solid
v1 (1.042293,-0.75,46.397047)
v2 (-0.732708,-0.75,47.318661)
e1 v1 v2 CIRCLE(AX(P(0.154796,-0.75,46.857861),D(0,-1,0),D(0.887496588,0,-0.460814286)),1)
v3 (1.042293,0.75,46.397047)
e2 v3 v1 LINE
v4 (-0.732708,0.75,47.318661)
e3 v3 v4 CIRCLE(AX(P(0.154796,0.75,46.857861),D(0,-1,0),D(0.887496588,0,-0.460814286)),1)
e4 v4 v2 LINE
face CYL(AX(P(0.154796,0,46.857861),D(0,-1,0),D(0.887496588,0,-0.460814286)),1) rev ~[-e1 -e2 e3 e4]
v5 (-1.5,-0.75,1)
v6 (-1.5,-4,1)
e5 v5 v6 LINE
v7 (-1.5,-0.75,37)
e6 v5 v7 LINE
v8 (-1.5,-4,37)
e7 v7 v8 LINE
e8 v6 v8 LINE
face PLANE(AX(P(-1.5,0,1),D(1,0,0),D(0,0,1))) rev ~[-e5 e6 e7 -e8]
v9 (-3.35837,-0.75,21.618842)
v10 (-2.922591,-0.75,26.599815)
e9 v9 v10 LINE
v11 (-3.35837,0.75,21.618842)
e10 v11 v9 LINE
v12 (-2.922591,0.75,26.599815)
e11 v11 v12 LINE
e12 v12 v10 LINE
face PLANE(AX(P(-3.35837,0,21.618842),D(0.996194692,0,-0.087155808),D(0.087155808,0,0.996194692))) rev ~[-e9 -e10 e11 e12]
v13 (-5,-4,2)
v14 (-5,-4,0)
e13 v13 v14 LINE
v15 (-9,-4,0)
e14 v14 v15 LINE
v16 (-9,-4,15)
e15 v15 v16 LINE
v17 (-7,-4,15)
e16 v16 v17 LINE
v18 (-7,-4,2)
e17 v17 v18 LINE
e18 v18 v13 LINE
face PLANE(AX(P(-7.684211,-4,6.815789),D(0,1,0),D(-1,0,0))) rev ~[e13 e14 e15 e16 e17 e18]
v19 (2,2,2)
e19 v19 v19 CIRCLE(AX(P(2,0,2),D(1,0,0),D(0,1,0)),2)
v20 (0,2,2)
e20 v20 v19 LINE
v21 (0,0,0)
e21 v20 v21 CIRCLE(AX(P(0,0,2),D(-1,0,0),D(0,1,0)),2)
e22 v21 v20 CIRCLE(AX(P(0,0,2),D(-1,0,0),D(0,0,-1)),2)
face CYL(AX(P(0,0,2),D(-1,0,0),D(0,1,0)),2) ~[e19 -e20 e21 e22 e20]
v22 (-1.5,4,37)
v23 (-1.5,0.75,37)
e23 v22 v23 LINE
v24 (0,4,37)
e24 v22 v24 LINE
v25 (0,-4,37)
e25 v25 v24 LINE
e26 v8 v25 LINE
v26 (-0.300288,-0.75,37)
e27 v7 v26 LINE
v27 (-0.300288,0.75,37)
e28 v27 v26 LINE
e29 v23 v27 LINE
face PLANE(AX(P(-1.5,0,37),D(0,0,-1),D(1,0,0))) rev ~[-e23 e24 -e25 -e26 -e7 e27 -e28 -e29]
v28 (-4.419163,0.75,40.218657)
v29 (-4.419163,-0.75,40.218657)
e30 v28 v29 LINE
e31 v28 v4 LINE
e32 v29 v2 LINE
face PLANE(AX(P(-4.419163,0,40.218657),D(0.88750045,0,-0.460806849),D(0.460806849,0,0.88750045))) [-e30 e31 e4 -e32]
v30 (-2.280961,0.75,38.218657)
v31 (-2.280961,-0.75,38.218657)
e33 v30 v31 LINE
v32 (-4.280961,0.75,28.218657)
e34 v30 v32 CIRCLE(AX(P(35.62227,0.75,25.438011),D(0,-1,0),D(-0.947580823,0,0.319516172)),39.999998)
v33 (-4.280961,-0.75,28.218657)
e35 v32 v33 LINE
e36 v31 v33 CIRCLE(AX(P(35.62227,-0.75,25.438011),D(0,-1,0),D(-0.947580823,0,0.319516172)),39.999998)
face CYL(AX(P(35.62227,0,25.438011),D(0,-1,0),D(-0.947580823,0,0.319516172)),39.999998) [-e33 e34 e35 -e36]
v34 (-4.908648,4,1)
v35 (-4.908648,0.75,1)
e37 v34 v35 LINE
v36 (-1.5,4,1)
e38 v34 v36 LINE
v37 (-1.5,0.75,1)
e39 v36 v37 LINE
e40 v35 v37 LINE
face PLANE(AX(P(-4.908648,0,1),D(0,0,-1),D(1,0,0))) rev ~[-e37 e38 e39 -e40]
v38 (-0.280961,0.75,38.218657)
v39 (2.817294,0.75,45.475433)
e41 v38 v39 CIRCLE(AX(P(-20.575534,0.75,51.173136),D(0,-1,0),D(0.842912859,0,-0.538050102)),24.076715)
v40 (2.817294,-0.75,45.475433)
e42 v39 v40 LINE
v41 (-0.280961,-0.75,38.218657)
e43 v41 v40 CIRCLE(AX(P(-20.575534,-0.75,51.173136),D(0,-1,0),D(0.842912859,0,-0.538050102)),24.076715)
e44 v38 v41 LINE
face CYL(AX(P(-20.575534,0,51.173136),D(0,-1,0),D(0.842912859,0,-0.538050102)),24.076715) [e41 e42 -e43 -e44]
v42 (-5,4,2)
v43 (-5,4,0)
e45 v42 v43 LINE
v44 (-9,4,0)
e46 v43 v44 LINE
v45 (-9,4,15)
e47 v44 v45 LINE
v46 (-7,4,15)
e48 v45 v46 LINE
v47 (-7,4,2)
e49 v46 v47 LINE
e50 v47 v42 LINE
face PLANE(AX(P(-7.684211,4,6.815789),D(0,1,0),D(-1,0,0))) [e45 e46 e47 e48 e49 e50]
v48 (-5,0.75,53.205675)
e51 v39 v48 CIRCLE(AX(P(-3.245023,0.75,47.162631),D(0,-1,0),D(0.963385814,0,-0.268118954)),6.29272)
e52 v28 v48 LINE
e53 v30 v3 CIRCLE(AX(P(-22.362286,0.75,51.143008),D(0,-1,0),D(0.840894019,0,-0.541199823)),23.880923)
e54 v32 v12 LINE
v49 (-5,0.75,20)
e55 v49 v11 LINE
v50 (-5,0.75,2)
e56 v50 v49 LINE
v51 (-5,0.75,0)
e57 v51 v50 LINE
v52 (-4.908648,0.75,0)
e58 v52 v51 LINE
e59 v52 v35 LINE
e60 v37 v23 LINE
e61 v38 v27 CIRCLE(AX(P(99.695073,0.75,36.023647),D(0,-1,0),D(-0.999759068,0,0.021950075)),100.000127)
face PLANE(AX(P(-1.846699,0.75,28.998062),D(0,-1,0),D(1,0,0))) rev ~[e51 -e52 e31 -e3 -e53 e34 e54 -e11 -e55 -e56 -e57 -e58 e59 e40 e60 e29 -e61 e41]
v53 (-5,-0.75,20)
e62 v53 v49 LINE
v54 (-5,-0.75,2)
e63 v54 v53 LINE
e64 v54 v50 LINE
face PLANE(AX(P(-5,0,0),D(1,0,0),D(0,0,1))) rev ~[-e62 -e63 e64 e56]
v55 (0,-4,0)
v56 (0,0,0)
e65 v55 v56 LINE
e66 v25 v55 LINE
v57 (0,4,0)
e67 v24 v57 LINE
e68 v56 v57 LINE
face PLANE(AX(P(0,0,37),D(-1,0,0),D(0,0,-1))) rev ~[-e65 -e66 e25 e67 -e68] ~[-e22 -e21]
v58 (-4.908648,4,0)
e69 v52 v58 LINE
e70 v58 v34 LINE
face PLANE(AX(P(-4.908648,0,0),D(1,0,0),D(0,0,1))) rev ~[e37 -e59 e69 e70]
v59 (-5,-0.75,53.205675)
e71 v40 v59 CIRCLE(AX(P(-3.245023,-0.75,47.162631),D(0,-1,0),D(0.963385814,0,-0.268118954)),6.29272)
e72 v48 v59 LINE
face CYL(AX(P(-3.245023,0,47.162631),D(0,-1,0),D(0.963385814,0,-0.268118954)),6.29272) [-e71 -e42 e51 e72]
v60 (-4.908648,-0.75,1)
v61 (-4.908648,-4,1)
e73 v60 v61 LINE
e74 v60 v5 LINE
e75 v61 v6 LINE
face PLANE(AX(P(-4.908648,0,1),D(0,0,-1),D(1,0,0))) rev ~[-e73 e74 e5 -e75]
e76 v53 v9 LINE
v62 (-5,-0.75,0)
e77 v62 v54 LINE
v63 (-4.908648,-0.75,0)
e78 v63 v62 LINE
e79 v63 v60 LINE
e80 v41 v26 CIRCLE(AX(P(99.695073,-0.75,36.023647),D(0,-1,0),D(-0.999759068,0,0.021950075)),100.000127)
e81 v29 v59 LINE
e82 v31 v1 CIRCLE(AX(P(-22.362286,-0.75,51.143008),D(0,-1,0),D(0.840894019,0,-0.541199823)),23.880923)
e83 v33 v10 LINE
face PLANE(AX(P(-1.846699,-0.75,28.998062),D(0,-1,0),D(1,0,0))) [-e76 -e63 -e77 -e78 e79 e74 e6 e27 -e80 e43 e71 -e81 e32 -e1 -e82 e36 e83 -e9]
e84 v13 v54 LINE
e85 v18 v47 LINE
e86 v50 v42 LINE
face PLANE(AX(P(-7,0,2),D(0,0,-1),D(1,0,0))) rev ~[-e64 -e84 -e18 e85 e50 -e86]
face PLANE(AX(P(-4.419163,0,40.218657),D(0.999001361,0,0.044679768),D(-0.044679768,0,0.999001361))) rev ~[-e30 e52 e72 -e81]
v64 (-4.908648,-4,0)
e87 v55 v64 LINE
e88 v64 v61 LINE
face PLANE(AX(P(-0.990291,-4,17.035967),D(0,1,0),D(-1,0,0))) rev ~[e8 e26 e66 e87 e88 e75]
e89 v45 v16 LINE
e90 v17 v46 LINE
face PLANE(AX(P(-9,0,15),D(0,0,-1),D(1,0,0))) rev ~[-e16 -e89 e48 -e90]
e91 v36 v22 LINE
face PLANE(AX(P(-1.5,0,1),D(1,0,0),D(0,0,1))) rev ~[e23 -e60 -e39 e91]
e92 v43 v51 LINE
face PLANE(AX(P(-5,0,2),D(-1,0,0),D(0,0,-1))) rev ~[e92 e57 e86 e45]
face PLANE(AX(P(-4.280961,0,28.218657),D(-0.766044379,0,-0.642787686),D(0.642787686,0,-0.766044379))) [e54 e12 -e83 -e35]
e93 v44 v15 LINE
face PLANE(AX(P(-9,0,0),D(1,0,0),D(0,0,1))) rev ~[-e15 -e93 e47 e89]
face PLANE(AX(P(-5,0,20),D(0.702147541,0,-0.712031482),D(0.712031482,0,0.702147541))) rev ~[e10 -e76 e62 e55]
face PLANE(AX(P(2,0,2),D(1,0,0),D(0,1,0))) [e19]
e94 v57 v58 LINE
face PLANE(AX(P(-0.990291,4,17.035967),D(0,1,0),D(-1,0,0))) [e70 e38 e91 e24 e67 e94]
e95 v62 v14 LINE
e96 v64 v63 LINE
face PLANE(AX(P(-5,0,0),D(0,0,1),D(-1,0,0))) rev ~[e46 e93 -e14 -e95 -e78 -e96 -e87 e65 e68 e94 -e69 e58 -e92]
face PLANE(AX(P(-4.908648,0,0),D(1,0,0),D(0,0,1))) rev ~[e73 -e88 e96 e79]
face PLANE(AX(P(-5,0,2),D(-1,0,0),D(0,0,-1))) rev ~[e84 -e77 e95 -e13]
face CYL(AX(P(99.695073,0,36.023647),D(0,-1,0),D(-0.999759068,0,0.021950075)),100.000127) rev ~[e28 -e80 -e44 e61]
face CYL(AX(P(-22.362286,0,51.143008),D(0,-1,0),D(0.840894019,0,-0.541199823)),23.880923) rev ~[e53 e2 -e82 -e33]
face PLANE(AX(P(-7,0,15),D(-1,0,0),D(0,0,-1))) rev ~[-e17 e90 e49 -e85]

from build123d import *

# Parameters (mm, degrees)
PAD003_DEPTH = 4
SKETCH002_R  = 2
PAD004_DEPTH = 2
PAD005_DEPTH = 4
PAD_DEPTH    = 0.75


with BuildPart() as pad003:
    # Sketch003 → Pad003 (new body, symmetric)
    with BuildSketch(Plane.XZ):
        Polygon((-9, 15), (-7, 15), (-7, 2), (-5, 2), (-5, 0), (-9, 0), align=None)
    extrude(amount=PAD003_DEPTH, both=True)


with BuildPart() as pad004:
    # Sketch002 → Pad004 (new body)
    with BuildSketch(Plane.YZ):
        with Locations((0, 2)):
            Circle(SKETCH002_R)
    extrude(amount=PAD004_DEPTH)


with BuildPart() as pad005:
    # Sketch → Pad005 (new body, symmetric)
    with BuildSketch(Plane.XZ):
        Polygon((-1.5, 37), (0, 37), (0, 0), (-4.908648, 0), (-4.908648, 1), (-1.5, 1), align=None)
    extrude(amount=PAD005_DEPTH, both=True)


with BuildPart() as fusion:
    # Sketch001 → Pad (new body, symmetric)
    with BuildSketch(Plane.XZ):
        with BuildLine():
            Line((0, 0), (0, 28.218657))
            ThreePointArc((-0.280961, 38.218657), (-0.265608, 33.215142), (0, 28.218657))
            ThreePointArc((-0.280961, 38.218657), (1.567466, 41.71926), (2.817294, 45.475433))
            ThreePointArc((2.817294, 45.475433), (1.179618, 51.6371), (-5, 53.205675))
            Line((-4.419163, 40.218657), (-5, 53.205675))
            Line((-4.419163, 40.218657), (-0.732708, 47.318661))
            ThreePointArc((1.042293, 46.397047), (0.615603, 47.745362), (-0.732708, 47.318661))
            ThreePointArc((-2.280961, 38.218657), (-0.238148, 42.152959), (1.042293, 46.397047))
            ThreePointArc((-2.280961, 38.218657), (-3.600955, 33.282656), (-4.280961, 28.218657))
            Line((-4.280961, 28.218657), (-2.922591, 26.599815))
            Line((-3.35837, 21.618842), (-2.922591, 26.599815))
            Line((-5, 20), (-3.35837, 21.618842))
            Line((-5, 0), (-5, 20))
            Line((0, 0), (-5, 0))
        make_face()
    extrude(amount=PAD_DEPTH, both=True)

    # Fusion: union Pad003, Pad004, Pad005
    add(pad003.part)
    add(pad004.part)
    add(pad005.part)


solid = fusion.part
